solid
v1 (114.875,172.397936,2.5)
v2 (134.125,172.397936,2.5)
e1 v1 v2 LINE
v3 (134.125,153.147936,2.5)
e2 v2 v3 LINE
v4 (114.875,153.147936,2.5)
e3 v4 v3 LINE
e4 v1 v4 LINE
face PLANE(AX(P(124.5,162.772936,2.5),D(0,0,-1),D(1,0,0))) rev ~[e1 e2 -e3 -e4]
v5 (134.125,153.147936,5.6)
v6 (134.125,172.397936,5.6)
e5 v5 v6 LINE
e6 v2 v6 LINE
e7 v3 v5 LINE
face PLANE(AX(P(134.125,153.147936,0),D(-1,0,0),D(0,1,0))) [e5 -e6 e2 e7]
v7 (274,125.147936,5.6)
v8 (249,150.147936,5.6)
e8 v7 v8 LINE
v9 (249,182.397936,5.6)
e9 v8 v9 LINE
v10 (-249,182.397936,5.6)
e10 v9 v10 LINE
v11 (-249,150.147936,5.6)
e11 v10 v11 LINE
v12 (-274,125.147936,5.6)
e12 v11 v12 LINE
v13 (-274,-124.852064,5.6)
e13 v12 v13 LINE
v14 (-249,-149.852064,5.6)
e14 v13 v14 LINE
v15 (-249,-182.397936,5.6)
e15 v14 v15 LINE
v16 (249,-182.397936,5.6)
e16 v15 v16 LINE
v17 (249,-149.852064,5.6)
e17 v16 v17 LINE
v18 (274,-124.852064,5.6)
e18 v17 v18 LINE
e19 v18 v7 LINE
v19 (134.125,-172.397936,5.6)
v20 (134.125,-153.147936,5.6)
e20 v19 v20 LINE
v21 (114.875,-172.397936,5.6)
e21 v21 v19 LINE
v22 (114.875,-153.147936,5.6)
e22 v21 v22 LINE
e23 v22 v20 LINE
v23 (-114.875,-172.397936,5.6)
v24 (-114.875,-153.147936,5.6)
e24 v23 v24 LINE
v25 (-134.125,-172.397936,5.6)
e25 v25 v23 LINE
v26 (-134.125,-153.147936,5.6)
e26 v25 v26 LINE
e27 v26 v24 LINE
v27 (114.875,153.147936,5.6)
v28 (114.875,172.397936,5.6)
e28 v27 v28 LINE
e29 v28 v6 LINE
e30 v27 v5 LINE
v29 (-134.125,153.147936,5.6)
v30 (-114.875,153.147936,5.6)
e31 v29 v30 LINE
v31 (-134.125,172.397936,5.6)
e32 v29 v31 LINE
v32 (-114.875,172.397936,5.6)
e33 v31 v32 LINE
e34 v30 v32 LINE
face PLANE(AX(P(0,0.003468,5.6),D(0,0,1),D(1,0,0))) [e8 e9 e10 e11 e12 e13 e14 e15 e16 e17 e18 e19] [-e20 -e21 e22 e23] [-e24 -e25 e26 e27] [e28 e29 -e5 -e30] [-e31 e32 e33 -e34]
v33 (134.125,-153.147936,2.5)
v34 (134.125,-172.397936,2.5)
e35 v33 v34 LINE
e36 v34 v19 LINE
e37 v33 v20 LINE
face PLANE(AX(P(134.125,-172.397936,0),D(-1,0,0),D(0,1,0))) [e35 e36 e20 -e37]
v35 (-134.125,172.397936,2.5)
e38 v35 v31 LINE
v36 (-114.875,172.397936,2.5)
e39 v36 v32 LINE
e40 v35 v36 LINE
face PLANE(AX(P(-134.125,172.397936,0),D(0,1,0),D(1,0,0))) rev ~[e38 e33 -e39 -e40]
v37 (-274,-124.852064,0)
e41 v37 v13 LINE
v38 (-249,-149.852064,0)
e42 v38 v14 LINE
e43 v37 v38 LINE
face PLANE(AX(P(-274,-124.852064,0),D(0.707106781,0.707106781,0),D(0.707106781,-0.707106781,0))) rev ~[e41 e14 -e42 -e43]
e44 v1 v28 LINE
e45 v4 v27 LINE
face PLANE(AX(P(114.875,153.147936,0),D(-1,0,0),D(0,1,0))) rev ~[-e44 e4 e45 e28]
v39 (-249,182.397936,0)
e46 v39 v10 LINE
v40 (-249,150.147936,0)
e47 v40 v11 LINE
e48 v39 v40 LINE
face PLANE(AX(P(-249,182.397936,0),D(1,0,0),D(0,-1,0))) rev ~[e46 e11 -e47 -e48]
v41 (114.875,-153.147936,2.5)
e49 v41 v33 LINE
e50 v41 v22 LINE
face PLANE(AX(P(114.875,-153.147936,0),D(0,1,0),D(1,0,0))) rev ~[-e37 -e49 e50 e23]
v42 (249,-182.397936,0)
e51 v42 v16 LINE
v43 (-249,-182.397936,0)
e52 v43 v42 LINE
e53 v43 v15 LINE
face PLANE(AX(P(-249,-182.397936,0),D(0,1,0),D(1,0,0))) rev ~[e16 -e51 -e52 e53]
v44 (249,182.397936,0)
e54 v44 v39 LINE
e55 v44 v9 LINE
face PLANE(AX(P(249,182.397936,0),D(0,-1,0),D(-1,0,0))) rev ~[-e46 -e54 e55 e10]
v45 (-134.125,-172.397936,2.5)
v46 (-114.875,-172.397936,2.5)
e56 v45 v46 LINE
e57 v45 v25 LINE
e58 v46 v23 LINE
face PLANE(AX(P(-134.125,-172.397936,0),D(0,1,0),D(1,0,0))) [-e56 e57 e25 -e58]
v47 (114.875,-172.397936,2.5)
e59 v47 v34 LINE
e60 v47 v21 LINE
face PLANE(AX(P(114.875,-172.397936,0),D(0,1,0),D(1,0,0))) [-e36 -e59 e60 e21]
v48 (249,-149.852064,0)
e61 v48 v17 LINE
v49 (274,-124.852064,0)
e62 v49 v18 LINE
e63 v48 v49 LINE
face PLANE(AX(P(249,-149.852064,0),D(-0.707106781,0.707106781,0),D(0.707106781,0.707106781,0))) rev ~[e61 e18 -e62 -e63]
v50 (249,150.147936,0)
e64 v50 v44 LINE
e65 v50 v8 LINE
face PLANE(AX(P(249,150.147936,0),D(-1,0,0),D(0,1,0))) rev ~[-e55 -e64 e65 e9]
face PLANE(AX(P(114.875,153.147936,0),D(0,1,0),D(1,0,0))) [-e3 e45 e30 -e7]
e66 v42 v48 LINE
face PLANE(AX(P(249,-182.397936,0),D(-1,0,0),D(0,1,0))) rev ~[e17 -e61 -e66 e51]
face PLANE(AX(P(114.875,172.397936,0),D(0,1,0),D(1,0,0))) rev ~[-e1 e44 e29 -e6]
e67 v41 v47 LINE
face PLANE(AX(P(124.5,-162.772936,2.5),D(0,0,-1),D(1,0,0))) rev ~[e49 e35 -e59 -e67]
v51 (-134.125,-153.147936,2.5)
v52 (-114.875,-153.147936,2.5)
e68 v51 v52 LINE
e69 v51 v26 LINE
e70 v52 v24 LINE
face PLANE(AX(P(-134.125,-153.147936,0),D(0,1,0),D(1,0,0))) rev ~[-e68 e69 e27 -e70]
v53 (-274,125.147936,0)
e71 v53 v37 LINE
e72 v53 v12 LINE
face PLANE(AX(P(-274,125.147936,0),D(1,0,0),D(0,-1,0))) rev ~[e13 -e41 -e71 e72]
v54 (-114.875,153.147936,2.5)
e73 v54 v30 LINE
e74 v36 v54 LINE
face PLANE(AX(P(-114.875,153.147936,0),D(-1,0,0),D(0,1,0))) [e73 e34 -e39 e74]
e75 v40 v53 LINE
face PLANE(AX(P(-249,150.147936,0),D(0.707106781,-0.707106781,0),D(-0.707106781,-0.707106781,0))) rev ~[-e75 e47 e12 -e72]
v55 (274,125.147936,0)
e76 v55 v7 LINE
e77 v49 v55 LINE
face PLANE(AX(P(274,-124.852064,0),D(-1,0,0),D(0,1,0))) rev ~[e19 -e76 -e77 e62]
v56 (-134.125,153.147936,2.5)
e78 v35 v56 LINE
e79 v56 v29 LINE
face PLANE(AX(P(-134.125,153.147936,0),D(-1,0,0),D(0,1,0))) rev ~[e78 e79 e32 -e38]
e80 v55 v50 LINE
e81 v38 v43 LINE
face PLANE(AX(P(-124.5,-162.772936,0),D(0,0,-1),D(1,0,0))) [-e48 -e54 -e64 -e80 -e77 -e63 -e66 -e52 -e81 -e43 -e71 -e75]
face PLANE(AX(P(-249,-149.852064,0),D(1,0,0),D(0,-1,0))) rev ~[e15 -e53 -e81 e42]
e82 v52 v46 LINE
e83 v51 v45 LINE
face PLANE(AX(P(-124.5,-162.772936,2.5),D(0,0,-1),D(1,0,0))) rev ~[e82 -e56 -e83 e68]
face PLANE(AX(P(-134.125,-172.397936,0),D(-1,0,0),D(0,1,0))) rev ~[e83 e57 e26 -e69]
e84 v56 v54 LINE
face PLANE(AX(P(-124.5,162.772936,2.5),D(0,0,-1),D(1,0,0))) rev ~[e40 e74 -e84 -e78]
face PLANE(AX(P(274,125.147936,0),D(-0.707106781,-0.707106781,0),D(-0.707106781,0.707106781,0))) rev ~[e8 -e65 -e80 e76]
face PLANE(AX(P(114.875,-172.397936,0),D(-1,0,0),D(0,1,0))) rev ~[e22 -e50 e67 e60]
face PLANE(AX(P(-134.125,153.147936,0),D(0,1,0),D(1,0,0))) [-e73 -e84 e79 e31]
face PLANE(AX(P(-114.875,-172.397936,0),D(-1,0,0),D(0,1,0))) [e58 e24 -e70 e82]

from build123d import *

# Parameters (mm, degrees)
F0_W     = 19.25
F0_H     = 19.25
F1_DEPTH = 5.6
F2_W     = 19.25
F2_H     = 19.25
F3_DEPTH = 2.5


with BuildPart() as f1:
    # F0 (on Top) → F1 (new body)
    with BuildSketch(Plane.XY):
        Polygon((249, 182.397936), (-249, 182.397936), (-249, 150.147936), (-274, 125.147936), (-274, -124.852064), (-249, -149.852064), (-249, -182.397936), (249, -182.397936), (249, -149.852064), (274, -124.852064), (274, 125.147936), (249, 150.147936), align=None)
        with Locations((-124.5, -162.772936)):
            Rectangle(F0_W, F0_H, mode=Mode.SUBTRACT)
        with Locations((124.5, -162.772936)):
            Rectangle(F0_W, F0_H, mode=Mode.SUBTRACT)
        with Locations((-124.5, 162.772936)):
            Rectangle(F0_W, F0_H, mode=Mode.SUBTRACT)
        with Locations((124.5, 162.772936)):
            Rectangle(F0_W, F0_H, mode=Mode.SUBTRACT)
    extrude(amount=F1_DEPTH)

    # F2 (on face) → F3 (join)
    with BuildSketch(Plane(origin=(0, 0, 0), x_dir=(1, 0, 0), z_dir=(0, 0, -1))):
        with Locations((-124.5, 162.772936)):
            Rectangle(F2_W, F2_H)
        with Locations((124.5, 162.772936)):
            Rectangle(F2_W, F2_H)
        with Locations((124.5, -162.772936)):
            Rectangle(F2_W, F2_H)
        with Locations((-124.5, -162.772936)):
            Rectangle(F2_W, F2_H)
    extrude(amount=-F3_DEPTH)


solid = f1.part
